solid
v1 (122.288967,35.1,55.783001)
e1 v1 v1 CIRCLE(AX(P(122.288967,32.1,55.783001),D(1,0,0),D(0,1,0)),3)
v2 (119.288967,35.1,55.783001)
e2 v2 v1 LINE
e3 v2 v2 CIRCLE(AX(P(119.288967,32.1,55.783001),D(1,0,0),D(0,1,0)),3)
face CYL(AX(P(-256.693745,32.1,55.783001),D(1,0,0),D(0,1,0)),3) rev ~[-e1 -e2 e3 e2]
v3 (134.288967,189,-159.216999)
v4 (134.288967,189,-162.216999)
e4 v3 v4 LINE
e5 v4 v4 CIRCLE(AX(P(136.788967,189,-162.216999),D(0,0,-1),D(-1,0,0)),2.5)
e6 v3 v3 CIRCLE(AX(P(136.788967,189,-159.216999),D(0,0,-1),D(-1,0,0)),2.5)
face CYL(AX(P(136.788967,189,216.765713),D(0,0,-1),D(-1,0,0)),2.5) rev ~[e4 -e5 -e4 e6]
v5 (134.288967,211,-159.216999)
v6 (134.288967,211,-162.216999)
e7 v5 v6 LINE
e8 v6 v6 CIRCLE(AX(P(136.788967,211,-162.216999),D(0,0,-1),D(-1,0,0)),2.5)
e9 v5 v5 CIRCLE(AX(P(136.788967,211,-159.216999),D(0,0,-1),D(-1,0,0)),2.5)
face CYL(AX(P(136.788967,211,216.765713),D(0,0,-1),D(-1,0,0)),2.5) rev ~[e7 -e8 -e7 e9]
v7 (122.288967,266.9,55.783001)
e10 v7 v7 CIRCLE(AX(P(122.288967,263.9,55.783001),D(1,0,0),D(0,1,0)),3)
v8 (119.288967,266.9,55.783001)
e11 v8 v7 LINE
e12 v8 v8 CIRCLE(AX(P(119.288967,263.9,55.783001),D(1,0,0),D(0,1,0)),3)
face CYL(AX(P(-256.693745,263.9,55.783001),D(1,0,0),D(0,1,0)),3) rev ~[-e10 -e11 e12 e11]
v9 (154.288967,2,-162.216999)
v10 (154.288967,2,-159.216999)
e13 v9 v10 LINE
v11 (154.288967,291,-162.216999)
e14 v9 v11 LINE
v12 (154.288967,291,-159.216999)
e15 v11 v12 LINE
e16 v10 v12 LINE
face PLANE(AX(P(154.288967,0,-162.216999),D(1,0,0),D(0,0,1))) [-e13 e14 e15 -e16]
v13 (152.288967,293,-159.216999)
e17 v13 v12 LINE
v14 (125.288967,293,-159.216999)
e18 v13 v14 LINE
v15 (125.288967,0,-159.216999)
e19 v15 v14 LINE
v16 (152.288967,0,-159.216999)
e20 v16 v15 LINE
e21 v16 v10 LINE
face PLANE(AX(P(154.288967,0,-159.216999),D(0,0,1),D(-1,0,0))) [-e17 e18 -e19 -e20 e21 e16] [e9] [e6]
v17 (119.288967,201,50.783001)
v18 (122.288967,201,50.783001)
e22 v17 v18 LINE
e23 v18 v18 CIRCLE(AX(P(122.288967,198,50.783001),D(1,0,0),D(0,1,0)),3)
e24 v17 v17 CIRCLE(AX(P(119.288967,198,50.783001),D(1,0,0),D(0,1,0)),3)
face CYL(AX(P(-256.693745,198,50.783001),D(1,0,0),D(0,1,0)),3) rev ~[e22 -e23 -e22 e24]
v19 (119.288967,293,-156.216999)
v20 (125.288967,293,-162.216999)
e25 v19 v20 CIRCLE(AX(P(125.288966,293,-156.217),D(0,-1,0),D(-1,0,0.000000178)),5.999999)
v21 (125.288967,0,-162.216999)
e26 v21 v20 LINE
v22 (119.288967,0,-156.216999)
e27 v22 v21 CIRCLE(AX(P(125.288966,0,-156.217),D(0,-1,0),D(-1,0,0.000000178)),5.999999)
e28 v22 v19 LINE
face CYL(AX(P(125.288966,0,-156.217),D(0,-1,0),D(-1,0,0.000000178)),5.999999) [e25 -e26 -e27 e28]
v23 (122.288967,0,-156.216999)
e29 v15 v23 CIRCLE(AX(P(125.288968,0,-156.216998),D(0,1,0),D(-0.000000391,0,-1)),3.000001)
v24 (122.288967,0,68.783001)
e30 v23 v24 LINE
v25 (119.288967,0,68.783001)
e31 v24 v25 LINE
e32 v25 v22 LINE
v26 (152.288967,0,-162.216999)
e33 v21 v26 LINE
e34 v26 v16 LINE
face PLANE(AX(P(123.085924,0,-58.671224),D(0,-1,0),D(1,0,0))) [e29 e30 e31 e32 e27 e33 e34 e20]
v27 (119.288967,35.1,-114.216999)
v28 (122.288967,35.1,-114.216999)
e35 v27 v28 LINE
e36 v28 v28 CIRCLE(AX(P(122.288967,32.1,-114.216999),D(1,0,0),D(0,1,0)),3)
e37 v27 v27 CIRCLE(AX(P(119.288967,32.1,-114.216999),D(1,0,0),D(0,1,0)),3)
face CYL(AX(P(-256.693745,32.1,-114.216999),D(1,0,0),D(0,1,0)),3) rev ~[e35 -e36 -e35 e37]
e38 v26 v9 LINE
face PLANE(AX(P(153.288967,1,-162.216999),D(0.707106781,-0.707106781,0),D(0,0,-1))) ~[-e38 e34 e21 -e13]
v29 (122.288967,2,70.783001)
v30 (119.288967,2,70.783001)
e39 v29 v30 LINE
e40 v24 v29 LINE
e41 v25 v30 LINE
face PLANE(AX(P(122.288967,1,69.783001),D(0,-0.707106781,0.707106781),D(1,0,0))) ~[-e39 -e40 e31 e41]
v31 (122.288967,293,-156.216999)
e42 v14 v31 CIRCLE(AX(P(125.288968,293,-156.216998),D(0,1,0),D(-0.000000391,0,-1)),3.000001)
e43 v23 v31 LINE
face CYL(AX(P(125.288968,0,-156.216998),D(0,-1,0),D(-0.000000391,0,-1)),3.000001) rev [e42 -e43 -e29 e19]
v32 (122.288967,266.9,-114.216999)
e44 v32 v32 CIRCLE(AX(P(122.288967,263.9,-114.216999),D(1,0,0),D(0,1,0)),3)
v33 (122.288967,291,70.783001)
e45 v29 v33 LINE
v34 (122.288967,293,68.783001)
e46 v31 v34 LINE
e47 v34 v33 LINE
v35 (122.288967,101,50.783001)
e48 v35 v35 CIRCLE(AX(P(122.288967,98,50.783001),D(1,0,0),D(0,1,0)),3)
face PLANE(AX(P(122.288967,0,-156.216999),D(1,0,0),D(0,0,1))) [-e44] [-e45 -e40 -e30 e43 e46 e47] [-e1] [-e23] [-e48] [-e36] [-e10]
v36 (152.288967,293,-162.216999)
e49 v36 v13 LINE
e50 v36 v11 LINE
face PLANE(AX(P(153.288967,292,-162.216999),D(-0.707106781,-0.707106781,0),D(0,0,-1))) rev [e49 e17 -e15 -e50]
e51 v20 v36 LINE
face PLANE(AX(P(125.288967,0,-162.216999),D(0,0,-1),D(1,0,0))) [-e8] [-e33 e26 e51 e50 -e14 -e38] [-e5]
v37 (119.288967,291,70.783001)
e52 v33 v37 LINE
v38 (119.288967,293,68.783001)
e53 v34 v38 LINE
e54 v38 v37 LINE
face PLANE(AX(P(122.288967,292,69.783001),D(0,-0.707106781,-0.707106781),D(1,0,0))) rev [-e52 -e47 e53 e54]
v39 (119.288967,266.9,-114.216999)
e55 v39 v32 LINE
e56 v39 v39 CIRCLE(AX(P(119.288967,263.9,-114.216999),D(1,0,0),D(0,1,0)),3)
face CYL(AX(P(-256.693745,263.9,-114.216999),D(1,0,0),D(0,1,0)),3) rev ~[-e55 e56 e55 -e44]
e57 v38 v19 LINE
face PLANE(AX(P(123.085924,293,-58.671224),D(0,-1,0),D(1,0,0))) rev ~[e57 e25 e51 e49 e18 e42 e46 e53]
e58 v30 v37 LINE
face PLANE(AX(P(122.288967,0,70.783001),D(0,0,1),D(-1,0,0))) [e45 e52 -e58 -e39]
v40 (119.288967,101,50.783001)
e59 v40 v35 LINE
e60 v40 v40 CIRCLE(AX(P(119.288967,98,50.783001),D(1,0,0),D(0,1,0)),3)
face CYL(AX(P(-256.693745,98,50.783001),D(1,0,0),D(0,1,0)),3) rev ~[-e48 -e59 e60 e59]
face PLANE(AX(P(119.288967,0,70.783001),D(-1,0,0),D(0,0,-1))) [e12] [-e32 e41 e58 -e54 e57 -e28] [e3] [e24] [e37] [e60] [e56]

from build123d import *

# Parameters (mm, degrees)
F1_DEPTH = 293
F3_D     = 5
F5_D     = 6
F6_SIZE  = 2
F7_SIZE  = 2


with BuildPart() as f1:
    # F0 (on Front) → F1 (new body)
    with BuildSketch(Plane.XZ):
        with BuildLine():
            Line((122.288967, -156.216999), (122.288967, 70.783001))
            Line((122.288967, 70.783001), (119.288967, 70.783001))
            Line((119.288967, 70.783001), (119.288967, -156.216999))
            ThreePointArc((119.288967, -156.216999), (121.046326, -160.45964), (125.288967, -162.216999))
            Line((125.288967, -162.216999), (154.288967, -162.216999))
            Line((154.288967, -162.216999), (154.288967, -159.216999))
            Line((154.288967, -159.216999), (125.288967, -159.216999))
            ThreePointArc((125.288967, -159.216999), (123.167647, -158.338319), (122.288967, -156.216999))
        make_face()
    extrude(amount=-F1_DEPTH)

    # F3 (through all)
    with Locations(Plane.XY.offset(-159.216999)):
        with Locations((136.788967, 189), (136.788967, 211)):
            Hole(F3_D / 2)

    # F5 (through all)
    with Locations(Plane(origin=(119.288967, 0, 0), x_dir=(0, -1, 0), z_dir=(-1, 0, 0))):
        with Locations((-32.1, 55.783001), (-32.1, -114.216999), (-263.9, -114.216999), (-263.9, 55.783001), (-98, 50.783001), (-198, 50.783001)):
            Hole(F5_D / 2)

    # F6
    f6_edges = [f1.edges().sort_by_distance(p)[0] for p in [
        (120.788967, 0, 70.783001),
        (120.788967, 293, 70.783001),
        (154.288967, 293, -160.716999),
    ]]
    chamfer(f6_edges, length=F6_SIZE)

    # F7
    f7_edges = [f1.edges().sort_by_distance(p)[0] for p in [
        (154.288967, 0, -160.716999),
    ]]
    chamfer(f7_edges, length=F7_SIZE)


solid = f1.part
